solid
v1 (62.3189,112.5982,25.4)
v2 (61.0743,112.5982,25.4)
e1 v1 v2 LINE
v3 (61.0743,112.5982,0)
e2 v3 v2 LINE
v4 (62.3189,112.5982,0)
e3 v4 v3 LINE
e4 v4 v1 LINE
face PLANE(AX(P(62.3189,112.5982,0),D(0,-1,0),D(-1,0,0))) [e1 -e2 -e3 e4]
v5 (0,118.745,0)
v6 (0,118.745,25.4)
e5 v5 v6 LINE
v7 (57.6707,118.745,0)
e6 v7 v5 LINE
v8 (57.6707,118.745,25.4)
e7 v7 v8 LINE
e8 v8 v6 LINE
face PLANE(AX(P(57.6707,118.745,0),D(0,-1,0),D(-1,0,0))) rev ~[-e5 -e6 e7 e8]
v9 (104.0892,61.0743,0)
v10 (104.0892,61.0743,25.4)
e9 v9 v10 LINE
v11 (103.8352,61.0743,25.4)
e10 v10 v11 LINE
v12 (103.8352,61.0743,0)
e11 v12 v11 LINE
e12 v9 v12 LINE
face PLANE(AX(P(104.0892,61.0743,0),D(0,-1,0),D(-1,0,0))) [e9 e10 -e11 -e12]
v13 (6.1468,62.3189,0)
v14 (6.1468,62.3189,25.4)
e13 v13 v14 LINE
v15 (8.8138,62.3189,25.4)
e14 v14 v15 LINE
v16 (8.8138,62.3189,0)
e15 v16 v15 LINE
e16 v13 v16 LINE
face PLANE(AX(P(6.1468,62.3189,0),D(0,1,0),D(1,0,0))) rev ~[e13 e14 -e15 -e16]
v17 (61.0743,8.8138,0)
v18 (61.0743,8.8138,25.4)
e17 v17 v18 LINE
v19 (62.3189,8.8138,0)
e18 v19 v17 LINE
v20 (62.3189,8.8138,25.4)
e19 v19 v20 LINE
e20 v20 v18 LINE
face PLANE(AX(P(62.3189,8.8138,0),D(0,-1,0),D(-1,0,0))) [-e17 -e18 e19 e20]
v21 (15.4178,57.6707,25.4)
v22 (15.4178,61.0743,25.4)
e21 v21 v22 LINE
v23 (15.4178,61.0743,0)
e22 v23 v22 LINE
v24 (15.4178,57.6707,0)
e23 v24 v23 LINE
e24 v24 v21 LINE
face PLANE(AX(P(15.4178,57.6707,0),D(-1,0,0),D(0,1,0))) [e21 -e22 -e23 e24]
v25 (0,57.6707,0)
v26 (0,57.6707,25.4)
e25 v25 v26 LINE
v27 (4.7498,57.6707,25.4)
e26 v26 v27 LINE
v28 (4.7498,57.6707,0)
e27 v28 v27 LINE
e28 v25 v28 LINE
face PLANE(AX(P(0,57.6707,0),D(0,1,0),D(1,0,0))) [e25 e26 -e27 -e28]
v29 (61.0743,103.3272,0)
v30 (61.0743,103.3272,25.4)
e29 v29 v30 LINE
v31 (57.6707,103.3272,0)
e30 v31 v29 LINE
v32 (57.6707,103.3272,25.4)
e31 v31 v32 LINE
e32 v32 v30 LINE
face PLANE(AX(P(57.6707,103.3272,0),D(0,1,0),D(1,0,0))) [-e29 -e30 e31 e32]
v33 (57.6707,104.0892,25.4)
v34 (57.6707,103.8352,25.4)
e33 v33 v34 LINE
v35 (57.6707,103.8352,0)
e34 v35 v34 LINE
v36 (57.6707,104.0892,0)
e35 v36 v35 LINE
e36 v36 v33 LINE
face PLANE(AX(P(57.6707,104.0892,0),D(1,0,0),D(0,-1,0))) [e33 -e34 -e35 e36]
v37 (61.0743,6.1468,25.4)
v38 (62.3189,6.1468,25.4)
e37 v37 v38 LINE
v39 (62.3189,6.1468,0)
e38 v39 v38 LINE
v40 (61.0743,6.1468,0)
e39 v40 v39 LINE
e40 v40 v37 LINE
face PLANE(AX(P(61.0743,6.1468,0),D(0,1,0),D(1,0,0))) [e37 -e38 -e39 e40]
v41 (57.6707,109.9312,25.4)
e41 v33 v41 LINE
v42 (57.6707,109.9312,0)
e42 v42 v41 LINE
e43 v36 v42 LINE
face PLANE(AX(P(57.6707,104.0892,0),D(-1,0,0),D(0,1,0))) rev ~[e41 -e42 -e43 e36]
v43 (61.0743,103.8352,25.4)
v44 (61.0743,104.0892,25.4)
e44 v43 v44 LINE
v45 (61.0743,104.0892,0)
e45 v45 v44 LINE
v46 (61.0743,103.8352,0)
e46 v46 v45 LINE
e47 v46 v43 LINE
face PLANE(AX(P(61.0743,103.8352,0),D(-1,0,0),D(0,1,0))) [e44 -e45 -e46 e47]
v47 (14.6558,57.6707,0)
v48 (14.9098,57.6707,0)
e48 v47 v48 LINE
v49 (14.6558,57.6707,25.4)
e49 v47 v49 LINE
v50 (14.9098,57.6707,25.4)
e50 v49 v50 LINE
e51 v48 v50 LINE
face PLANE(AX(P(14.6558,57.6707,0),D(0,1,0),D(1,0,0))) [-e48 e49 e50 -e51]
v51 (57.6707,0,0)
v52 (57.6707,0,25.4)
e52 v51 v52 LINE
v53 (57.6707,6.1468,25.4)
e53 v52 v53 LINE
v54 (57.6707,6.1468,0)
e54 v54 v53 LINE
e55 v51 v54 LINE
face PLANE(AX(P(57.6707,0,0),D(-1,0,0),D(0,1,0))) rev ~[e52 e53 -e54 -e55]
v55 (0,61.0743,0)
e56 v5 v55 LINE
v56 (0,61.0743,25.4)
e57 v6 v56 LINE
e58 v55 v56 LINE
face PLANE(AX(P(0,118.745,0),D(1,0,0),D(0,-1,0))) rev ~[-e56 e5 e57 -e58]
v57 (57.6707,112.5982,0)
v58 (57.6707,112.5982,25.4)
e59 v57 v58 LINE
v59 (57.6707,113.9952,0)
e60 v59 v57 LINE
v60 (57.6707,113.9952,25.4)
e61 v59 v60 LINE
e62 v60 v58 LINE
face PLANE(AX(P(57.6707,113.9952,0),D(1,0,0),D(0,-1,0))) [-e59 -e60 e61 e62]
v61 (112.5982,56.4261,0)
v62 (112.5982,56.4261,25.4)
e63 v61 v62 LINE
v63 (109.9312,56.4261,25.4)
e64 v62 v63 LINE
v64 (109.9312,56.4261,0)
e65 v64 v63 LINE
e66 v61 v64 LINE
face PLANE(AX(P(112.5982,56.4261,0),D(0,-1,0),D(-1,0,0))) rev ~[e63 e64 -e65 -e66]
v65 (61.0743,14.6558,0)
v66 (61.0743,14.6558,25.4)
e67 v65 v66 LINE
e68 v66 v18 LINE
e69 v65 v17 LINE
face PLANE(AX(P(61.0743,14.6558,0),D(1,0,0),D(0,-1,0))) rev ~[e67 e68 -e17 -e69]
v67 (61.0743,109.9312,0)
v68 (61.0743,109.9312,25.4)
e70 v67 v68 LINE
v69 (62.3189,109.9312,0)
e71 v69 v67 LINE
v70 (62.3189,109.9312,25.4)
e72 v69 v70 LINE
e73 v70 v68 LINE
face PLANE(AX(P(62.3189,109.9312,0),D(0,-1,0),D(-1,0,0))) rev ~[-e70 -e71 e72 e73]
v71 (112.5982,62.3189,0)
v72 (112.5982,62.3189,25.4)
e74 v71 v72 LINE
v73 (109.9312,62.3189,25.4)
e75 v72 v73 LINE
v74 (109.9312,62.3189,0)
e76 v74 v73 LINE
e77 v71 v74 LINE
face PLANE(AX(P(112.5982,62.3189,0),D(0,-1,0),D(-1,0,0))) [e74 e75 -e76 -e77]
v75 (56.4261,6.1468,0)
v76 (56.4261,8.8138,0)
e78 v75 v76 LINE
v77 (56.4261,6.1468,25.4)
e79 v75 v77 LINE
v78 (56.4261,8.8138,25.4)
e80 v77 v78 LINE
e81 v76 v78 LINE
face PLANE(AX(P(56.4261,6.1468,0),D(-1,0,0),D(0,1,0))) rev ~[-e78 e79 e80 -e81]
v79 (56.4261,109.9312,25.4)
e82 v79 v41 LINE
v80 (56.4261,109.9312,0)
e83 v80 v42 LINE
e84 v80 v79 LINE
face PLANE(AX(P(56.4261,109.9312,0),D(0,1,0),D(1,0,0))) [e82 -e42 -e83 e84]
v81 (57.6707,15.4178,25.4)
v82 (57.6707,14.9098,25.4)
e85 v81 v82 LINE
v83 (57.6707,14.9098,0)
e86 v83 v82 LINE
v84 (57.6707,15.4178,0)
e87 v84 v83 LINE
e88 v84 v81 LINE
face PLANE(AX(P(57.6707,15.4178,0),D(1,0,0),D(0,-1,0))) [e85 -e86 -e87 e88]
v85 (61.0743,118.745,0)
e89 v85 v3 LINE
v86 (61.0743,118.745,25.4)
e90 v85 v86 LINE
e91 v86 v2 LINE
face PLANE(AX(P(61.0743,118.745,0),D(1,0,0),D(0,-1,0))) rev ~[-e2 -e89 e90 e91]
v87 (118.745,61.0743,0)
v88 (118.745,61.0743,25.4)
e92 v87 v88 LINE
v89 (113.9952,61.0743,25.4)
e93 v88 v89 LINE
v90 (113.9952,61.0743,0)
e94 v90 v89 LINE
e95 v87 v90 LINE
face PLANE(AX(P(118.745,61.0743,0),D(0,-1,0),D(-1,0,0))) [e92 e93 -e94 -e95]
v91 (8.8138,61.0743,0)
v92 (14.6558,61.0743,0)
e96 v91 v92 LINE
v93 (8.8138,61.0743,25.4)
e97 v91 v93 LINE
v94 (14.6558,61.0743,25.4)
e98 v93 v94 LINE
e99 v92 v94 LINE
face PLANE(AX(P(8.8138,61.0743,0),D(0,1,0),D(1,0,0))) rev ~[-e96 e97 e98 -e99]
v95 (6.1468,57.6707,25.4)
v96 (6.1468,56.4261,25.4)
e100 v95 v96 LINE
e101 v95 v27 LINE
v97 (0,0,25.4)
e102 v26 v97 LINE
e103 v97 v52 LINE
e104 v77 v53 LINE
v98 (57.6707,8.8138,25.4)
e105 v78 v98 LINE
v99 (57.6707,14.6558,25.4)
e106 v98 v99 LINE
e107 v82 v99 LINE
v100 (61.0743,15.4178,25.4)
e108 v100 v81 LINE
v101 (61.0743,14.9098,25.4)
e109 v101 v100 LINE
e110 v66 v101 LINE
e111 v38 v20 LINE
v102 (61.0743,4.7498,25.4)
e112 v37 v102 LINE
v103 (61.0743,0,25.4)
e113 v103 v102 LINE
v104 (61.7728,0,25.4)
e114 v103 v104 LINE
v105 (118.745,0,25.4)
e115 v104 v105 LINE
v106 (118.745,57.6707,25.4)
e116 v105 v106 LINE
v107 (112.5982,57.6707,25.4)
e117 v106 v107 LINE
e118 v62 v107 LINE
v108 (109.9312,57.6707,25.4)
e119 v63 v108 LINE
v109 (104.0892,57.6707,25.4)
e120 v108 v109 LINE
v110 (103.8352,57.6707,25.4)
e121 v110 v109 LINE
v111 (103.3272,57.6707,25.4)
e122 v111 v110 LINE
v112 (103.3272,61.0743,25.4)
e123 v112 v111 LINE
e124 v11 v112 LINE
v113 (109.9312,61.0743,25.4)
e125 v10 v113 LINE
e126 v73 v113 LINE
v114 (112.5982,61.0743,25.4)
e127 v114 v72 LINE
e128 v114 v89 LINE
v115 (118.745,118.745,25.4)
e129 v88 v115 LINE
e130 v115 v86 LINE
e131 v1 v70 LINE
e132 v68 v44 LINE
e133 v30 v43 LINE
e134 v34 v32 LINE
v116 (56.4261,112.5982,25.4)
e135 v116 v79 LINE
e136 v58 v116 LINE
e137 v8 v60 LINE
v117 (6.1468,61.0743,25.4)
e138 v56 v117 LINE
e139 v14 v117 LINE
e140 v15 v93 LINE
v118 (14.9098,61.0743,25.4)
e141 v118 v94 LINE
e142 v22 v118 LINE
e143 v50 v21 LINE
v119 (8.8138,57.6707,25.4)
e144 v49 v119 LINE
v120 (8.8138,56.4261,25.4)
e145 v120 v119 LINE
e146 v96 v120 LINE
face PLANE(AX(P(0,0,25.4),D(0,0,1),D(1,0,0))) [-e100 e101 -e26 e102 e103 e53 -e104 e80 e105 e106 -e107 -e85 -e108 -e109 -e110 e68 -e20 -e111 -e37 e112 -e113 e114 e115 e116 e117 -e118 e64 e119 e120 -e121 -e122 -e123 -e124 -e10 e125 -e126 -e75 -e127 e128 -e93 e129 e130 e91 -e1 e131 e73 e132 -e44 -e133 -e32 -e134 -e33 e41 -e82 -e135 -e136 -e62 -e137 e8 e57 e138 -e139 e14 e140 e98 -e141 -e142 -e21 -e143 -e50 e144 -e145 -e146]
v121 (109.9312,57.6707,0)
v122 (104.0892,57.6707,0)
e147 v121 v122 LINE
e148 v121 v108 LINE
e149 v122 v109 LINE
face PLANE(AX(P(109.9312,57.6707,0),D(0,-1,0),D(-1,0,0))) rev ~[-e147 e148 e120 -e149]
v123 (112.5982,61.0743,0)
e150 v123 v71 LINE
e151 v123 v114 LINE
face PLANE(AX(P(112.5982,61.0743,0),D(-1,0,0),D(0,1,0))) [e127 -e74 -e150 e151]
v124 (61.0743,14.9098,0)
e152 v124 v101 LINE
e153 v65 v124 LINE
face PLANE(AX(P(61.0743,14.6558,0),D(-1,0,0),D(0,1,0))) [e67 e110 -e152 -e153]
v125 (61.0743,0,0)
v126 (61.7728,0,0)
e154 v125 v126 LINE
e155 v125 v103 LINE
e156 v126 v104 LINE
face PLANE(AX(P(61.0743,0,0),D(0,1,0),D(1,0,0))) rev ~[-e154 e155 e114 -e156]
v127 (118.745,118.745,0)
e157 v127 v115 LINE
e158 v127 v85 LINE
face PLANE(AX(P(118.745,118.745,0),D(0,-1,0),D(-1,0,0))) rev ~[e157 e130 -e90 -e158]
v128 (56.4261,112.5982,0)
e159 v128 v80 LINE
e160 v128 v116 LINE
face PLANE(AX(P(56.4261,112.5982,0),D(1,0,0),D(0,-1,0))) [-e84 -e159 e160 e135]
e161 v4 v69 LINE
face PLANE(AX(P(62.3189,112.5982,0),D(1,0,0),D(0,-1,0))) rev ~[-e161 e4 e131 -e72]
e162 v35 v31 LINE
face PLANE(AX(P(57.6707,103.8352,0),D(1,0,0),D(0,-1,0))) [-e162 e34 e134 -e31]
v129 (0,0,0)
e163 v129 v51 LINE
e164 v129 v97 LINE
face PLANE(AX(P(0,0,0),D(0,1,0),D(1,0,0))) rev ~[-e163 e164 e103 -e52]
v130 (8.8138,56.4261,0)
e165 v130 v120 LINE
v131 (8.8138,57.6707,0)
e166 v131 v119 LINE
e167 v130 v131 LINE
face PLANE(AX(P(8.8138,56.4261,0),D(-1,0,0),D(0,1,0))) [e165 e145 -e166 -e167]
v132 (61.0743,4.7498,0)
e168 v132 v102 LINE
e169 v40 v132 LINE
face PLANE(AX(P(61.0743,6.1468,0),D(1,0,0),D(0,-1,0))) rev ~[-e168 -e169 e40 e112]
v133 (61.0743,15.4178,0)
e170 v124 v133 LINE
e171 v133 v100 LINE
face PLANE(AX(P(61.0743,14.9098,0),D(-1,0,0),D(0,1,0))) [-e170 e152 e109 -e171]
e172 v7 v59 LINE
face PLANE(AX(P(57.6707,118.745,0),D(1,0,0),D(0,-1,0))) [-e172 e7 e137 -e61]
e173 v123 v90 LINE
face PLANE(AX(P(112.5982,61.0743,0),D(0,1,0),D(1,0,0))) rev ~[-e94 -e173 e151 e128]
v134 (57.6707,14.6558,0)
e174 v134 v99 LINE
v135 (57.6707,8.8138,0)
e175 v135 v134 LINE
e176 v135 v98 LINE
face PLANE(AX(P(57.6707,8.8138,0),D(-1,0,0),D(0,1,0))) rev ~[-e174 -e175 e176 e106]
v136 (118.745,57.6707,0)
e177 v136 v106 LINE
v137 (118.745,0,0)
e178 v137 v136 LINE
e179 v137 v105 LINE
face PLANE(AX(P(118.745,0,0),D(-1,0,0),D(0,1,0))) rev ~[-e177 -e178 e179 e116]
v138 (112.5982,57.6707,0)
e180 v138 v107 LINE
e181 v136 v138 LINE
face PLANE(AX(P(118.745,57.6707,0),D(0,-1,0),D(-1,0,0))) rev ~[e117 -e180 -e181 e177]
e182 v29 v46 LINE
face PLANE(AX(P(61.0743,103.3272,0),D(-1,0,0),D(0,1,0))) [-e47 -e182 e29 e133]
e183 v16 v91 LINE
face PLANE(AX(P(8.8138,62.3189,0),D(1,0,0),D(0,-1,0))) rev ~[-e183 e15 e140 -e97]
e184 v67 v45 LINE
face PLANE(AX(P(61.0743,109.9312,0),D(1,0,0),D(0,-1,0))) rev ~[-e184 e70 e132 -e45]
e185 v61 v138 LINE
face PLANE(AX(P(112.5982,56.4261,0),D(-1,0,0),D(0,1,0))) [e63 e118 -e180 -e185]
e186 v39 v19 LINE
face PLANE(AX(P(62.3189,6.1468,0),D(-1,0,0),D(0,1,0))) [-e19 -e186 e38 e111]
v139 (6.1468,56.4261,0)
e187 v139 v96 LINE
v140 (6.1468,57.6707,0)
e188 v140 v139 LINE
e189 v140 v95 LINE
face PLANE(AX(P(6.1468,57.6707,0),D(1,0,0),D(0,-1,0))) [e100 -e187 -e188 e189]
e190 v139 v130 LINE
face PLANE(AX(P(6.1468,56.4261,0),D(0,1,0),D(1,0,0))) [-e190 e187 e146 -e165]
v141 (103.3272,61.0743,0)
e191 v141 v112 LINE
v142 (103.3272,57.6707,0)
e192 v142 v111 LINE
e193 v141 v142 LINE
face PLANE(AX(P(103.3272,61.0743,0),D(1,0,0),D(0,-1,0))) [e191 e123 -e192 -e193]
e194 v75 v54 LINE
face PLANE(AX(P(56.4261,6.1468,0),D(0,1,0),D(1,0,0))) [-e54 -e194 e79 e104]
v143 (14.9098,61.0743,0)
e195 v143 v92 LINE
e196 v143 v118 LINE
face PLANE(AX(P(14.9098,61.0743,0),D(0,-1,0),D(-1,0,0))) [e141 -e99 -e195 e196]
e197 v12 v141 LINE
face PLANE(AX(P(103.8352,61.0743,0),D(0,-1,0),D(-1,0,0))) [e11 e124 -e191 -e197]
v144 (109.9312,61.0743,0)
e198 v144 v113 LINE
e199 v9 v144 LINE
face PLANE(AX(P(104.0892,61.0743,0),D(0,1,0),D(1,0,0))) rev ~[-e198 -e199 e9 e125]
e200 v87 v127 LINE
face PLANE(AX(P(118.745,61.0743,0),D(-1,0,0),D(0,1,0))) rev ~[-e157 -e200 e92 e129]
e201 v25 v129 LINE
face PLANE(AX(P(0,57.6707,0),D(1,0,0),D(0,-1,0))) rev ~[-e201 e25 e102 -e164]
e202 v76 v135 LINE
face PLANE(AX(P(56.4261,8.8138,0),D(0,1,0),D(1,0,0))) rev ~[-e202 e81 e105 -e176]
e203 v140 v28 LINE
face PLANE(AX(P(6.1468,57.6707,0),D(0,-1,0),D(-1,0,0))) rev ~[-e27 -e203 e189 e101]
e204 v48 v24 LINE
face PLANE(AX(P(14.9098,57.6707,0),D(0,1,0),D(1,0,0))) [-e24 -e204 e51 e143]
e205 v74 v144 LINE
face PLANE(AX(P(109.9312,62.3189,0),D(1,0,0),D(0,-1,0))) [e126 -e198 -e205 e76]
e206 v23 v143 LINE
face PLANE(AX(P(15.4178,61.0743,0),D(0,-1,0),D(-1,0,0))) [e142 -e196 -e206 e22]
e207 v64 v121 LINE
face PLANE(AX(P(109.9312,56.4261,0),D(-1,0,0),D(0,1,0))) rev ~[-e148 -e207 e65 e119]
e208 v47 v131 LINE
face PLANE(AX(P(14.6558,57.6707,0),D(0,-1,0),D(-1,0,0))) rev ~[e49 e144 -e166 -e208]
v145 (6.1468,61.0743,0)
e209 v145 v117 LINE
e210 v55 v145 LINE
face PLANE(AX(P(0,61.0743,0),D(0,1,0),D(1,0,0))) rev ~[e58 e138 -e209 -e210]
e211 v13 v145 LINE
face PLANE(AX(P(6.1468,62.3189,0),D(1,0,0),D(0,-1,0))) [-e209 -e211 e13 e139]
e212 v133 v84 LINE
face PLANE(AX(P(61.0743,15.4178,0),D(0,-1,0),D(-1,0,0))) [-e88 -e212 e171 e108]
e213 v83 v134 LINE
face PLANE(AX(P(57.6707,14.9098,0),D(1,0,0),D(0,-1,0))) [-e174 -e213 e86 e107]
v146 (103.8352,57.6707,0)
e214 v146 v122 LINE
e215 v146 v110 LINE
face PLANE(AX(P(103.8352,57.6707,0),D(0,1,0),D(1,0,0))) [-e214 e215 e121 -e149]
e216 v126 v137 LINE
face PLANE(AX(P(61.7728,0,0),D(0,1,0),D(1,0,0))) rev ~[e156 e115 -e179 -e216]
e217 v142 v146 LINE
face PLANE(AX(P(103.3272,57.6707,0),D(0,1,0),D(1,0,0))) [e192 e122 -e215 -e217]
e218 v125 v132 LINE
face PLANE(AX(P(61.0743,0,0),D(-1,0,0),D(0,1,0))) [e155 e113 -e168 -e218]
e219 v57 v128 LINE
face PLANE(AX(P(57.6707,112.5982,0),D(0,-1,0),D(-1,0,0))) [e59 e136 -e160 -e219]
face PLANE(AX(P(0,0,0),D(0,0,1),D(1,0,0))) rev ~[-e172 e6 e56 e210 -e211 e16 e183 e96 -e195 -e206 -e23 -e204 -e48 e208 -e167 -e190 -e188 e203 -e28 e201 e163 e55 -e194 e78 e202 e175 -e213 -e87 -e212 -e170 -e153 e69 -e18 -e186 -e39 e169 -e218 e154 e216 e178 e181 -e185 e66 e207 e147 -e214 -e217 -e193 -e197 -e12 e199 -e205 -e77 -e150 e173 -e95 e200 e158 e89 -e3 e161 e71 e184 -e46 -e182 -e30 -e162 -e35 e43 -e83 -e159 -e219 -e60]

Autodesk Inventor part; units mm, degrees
ref_plane "YZ Plane" through (0, 0, 0) normal (1, 0, 0) x (0, 1, 0)
ref_plane "XZ Plane" through (0, 0, 0) normal (0, 1, 0) x (-1, 0, 0)
ref_plane "XY Plane" through (0, 0, 0) normal (0, 0, 1) x (1, 0, 0)
sketch "Sketch1" plane through (0, 0, 0) normal (0, 0, 1) x (1, 0, 0)
  line L0 (0, 0) -> (118.745, 0)
  line L1 (118.745, 0) -> (118.745, 118.745)
  line L2 (118.745, 118.745) -> (0, 118.745)
  line L3 (0, 118.745) -> (0, 0)
  line L4 (59.3725, 0) -> (61.7728, 0)
  line L5 (59.3725, 0) -> (58.3692, 0)
  line L6 (61.0743, 109.9312) -> (61.0743, 104.0892)
  line L7 (57.6707, 104.0892) -> (57.6707, 109.9312)
  line L8 (57.6707, 109.9312) -> (57.6707, 104.0892)
  line L9 (62.3189, 112.5982) -> (61.0743, 112.5982)
  line L10 (61.0743, 118.745) -> (61.0743, 112.5982)
  line L11 (57.6707, 118.745) -> (57.6707, 112.5982)
  line L12 (57.6707, 112.5982) -> (57.6707, 113.9952)
  line L13 (57.6707, 112.5982) -> (56.4261, 112.5982)
  line L14 (56.4261, 109.9312) -> (57.6707, 109.9312)
  line L15 (62.3189, 112.5982) -> (62.3189, 109.9312)
  line L16 (62.3189, 109.9312) -> (61.0743, 109.9312)
  line L17 (57.6707, 104.0892) -> (57.6707, 103.8352)
  line L18 (61.0743, 103.8352) -> (61.0743, 104.0892)
  line L19 (57.6707, 103.8352) -> (57.6707, 103.3272)
  line L20 (57.6707, 103.3272) -> (61.0743, 103.3272)
  line L21 (61.0743, 103.3272) -> (61.0743, 103.8352)
  line L22 (56.4261, 112.5982) -> (56.4261, 109.9312)
  line L23 (57.6707, 118.745) -> (61.0743, 118.745)
  line L24 (8.8138, 56.4261) -> (8.8138, 57.6707)
  line L25 (8.8138, 62.3189) -> (8.8138, 61.0743)
  line L26 (6.1468, 56.4261) -> (8.8138, 56.4261)
  line L27 (6.1468, 57.6707) -> (6.1468, 56.4261)
  line L28 (6.1468, 62.3189) -> (6.1468, 61.0743)
  line L29 (6.1468, 57.6707) -> (4.7498, 57.6707)
  line L30 (0, 57.6707) -> (6.1468, 57.6707)
  line L31 (0, 61.0743) -> (6.1468, 61.0743)
  line L32 (6.1468, 62.3189) -> (8.8138, 62.3189)
  line L33 (8.8138, 61.0743) -> (14.6558, 61.0743)
  line L34 (14.6558, 57.6707) -> (8.8138, 57.6707)
  line L35 (8.8138, 57.6707) -> (14.6558, 57.6707)
  line L36 (14.9098, 61.0743) -> (14.6558, 61.0743)
  line L37 (14.6558, 57.6707) -> (14.9098, 57.6707)
  line L38 (15.4178, 57.6707) -> (15.4178, 61.0743)
  line L39 (14.9098, 57.6707) -> (15.4178, 57.6707)
  line L40 (15.4178, 61.0743) -> (14.9098, 61.0743)
  line L41 (62.3189, 8.8138) -> (61.0743, 8.8138)
  line L42 (56.4261, 8.8138) -> (57.6707, 8.8138)
  line L43 (62.3189, 6.1468) -> (62.3189, 8.8138)
  line L44 (61.0743, 6.1468) -> (62.3189, 6.1468)
  line L45 (56.4261, 6.1468) -> (57.6707, 6.1468)
  line L46 (61.0743, 6.1468) -> (61.0743, 4.7498)
  line L47 (61.0743, 0) -> (61.0743, 6.1468)
  line L48 (57.6707, 0) -> (57.6707, 6.1468)
  line L49 (56.4261, 6.1468) -> (56.4261, 8.8138)
  line L50 (57.6707, 8.8138) -> (57.6707, 14.6558)
  line L51 (61.0743, 14.6558) -> (61.0743, 8.8138)
  line L52 (61.0743, 8.8138) -> (61.0743, 14.6558)
  line L53 (57.6707, 14.9098) -> (57.6707, 14.6558)
  line L54 (61.0743, 14.6558) -> (61.0743, 14.9098)
  line L55 (61.0743, 15.4178) -> (57.6707, 15.4178)
  line L56 (61.0743, 14.9098) -> (61.0743, 15.4178)
  line L57 (57.6707, 15.4178) -> (57.6707, 14.9098)
  line L58 (109.9312, 62.3189) -> (109.9312, 61.0743)
  line L59 (109.9312, 56.4261) -> (109.9312, 57.6707)
  line L60 (112.5982, 62.3189) -> (109.9312, 62.3189)
  line L61 (112.5982, 61.0743) -> (112.5982, 62.3189)
  line L62 (112.5982, 56.4261) -> (112.5982, 57.6707)
  line L63 (112.5982, 61.0743) -> (113.9952, 61.0743)
  line L64 (118.745, 61.0743) -> (112.5982, 61.0743)
  line L65 (118.745, 57.6707) -> (112.5982, 57.6707)
  line L66 (112.5982, 56.4261) -> (109.9312, 56.4261)
  line L67 (109.9312, 57.6707) -> (104.0892, 57.6707)
  line L68 (104.0892, 61.0743) -> (109.9312, 61.0743)
  line L69 (109.9312, 61.0743) -> (104.0892, 61.0743)
  line L70 (103.8352, 57.6707) -> (104.0892, 57.6707)
  line L71 (104.0892, 61.0743) -> (103.8352, 61.0743)
  line L72 (103.3272, 61.0743) -> (103.3272, 57.6707)
  line L73 (103.8352, 61.0743) -> (103.3272, 61.0743)
  line L74 (103.3272, 57.6707) -> (103.8352, 57.6707)
  line L75 (0, 57.6707) -> (0, 61.0743)
  line L76 (118.745, 61.0743) -> (118.745, 57.6707)
  line L77 (57.6707, 0) -> (61.0743, 0)
  point P0 (120.142, 60.071)
  point P1 (0, 60.071)
  point P2 (59.3725, 111.8997)
  point P3 (59.3725, 118.745)
  point P4 (59.3725, 118.745)
  point P5 (59.3725, 59.3725)
  point P6 (6.8453, 59.3725)
  point P7 (59.3725, 6.8453)
  point P8 (111.8997, 59.3725)
  dimension "d2" = 118.745
  dimension "d3" = 118.745
  dimension "d42" = 2.667
  dimension "d43" = 0.508
  dimension "d46" = 360
extrude "Extrusion4" add sketch "Sketch1" along normal blind 25.4 contours L3 L30 L29 L27 L26 L24 L34 L37 L39 L38 L40 L36 L33 L25 L32 L28 L31 L2 L11 L13 L22 L14 L7 L17 L19 L20 L21 L18 L6 L16 L15 L9 L10 L1 L64 L63 L61 L60 L58 L68 L71 L73 L72 L74 L70 L67 L59 L66 L62 L65 L0 L47 L46 L44 L43 L41 L51 L54 L56 L55 L57 L53 L50 L42 L49 L45 L48
properties part number "speakertop"
